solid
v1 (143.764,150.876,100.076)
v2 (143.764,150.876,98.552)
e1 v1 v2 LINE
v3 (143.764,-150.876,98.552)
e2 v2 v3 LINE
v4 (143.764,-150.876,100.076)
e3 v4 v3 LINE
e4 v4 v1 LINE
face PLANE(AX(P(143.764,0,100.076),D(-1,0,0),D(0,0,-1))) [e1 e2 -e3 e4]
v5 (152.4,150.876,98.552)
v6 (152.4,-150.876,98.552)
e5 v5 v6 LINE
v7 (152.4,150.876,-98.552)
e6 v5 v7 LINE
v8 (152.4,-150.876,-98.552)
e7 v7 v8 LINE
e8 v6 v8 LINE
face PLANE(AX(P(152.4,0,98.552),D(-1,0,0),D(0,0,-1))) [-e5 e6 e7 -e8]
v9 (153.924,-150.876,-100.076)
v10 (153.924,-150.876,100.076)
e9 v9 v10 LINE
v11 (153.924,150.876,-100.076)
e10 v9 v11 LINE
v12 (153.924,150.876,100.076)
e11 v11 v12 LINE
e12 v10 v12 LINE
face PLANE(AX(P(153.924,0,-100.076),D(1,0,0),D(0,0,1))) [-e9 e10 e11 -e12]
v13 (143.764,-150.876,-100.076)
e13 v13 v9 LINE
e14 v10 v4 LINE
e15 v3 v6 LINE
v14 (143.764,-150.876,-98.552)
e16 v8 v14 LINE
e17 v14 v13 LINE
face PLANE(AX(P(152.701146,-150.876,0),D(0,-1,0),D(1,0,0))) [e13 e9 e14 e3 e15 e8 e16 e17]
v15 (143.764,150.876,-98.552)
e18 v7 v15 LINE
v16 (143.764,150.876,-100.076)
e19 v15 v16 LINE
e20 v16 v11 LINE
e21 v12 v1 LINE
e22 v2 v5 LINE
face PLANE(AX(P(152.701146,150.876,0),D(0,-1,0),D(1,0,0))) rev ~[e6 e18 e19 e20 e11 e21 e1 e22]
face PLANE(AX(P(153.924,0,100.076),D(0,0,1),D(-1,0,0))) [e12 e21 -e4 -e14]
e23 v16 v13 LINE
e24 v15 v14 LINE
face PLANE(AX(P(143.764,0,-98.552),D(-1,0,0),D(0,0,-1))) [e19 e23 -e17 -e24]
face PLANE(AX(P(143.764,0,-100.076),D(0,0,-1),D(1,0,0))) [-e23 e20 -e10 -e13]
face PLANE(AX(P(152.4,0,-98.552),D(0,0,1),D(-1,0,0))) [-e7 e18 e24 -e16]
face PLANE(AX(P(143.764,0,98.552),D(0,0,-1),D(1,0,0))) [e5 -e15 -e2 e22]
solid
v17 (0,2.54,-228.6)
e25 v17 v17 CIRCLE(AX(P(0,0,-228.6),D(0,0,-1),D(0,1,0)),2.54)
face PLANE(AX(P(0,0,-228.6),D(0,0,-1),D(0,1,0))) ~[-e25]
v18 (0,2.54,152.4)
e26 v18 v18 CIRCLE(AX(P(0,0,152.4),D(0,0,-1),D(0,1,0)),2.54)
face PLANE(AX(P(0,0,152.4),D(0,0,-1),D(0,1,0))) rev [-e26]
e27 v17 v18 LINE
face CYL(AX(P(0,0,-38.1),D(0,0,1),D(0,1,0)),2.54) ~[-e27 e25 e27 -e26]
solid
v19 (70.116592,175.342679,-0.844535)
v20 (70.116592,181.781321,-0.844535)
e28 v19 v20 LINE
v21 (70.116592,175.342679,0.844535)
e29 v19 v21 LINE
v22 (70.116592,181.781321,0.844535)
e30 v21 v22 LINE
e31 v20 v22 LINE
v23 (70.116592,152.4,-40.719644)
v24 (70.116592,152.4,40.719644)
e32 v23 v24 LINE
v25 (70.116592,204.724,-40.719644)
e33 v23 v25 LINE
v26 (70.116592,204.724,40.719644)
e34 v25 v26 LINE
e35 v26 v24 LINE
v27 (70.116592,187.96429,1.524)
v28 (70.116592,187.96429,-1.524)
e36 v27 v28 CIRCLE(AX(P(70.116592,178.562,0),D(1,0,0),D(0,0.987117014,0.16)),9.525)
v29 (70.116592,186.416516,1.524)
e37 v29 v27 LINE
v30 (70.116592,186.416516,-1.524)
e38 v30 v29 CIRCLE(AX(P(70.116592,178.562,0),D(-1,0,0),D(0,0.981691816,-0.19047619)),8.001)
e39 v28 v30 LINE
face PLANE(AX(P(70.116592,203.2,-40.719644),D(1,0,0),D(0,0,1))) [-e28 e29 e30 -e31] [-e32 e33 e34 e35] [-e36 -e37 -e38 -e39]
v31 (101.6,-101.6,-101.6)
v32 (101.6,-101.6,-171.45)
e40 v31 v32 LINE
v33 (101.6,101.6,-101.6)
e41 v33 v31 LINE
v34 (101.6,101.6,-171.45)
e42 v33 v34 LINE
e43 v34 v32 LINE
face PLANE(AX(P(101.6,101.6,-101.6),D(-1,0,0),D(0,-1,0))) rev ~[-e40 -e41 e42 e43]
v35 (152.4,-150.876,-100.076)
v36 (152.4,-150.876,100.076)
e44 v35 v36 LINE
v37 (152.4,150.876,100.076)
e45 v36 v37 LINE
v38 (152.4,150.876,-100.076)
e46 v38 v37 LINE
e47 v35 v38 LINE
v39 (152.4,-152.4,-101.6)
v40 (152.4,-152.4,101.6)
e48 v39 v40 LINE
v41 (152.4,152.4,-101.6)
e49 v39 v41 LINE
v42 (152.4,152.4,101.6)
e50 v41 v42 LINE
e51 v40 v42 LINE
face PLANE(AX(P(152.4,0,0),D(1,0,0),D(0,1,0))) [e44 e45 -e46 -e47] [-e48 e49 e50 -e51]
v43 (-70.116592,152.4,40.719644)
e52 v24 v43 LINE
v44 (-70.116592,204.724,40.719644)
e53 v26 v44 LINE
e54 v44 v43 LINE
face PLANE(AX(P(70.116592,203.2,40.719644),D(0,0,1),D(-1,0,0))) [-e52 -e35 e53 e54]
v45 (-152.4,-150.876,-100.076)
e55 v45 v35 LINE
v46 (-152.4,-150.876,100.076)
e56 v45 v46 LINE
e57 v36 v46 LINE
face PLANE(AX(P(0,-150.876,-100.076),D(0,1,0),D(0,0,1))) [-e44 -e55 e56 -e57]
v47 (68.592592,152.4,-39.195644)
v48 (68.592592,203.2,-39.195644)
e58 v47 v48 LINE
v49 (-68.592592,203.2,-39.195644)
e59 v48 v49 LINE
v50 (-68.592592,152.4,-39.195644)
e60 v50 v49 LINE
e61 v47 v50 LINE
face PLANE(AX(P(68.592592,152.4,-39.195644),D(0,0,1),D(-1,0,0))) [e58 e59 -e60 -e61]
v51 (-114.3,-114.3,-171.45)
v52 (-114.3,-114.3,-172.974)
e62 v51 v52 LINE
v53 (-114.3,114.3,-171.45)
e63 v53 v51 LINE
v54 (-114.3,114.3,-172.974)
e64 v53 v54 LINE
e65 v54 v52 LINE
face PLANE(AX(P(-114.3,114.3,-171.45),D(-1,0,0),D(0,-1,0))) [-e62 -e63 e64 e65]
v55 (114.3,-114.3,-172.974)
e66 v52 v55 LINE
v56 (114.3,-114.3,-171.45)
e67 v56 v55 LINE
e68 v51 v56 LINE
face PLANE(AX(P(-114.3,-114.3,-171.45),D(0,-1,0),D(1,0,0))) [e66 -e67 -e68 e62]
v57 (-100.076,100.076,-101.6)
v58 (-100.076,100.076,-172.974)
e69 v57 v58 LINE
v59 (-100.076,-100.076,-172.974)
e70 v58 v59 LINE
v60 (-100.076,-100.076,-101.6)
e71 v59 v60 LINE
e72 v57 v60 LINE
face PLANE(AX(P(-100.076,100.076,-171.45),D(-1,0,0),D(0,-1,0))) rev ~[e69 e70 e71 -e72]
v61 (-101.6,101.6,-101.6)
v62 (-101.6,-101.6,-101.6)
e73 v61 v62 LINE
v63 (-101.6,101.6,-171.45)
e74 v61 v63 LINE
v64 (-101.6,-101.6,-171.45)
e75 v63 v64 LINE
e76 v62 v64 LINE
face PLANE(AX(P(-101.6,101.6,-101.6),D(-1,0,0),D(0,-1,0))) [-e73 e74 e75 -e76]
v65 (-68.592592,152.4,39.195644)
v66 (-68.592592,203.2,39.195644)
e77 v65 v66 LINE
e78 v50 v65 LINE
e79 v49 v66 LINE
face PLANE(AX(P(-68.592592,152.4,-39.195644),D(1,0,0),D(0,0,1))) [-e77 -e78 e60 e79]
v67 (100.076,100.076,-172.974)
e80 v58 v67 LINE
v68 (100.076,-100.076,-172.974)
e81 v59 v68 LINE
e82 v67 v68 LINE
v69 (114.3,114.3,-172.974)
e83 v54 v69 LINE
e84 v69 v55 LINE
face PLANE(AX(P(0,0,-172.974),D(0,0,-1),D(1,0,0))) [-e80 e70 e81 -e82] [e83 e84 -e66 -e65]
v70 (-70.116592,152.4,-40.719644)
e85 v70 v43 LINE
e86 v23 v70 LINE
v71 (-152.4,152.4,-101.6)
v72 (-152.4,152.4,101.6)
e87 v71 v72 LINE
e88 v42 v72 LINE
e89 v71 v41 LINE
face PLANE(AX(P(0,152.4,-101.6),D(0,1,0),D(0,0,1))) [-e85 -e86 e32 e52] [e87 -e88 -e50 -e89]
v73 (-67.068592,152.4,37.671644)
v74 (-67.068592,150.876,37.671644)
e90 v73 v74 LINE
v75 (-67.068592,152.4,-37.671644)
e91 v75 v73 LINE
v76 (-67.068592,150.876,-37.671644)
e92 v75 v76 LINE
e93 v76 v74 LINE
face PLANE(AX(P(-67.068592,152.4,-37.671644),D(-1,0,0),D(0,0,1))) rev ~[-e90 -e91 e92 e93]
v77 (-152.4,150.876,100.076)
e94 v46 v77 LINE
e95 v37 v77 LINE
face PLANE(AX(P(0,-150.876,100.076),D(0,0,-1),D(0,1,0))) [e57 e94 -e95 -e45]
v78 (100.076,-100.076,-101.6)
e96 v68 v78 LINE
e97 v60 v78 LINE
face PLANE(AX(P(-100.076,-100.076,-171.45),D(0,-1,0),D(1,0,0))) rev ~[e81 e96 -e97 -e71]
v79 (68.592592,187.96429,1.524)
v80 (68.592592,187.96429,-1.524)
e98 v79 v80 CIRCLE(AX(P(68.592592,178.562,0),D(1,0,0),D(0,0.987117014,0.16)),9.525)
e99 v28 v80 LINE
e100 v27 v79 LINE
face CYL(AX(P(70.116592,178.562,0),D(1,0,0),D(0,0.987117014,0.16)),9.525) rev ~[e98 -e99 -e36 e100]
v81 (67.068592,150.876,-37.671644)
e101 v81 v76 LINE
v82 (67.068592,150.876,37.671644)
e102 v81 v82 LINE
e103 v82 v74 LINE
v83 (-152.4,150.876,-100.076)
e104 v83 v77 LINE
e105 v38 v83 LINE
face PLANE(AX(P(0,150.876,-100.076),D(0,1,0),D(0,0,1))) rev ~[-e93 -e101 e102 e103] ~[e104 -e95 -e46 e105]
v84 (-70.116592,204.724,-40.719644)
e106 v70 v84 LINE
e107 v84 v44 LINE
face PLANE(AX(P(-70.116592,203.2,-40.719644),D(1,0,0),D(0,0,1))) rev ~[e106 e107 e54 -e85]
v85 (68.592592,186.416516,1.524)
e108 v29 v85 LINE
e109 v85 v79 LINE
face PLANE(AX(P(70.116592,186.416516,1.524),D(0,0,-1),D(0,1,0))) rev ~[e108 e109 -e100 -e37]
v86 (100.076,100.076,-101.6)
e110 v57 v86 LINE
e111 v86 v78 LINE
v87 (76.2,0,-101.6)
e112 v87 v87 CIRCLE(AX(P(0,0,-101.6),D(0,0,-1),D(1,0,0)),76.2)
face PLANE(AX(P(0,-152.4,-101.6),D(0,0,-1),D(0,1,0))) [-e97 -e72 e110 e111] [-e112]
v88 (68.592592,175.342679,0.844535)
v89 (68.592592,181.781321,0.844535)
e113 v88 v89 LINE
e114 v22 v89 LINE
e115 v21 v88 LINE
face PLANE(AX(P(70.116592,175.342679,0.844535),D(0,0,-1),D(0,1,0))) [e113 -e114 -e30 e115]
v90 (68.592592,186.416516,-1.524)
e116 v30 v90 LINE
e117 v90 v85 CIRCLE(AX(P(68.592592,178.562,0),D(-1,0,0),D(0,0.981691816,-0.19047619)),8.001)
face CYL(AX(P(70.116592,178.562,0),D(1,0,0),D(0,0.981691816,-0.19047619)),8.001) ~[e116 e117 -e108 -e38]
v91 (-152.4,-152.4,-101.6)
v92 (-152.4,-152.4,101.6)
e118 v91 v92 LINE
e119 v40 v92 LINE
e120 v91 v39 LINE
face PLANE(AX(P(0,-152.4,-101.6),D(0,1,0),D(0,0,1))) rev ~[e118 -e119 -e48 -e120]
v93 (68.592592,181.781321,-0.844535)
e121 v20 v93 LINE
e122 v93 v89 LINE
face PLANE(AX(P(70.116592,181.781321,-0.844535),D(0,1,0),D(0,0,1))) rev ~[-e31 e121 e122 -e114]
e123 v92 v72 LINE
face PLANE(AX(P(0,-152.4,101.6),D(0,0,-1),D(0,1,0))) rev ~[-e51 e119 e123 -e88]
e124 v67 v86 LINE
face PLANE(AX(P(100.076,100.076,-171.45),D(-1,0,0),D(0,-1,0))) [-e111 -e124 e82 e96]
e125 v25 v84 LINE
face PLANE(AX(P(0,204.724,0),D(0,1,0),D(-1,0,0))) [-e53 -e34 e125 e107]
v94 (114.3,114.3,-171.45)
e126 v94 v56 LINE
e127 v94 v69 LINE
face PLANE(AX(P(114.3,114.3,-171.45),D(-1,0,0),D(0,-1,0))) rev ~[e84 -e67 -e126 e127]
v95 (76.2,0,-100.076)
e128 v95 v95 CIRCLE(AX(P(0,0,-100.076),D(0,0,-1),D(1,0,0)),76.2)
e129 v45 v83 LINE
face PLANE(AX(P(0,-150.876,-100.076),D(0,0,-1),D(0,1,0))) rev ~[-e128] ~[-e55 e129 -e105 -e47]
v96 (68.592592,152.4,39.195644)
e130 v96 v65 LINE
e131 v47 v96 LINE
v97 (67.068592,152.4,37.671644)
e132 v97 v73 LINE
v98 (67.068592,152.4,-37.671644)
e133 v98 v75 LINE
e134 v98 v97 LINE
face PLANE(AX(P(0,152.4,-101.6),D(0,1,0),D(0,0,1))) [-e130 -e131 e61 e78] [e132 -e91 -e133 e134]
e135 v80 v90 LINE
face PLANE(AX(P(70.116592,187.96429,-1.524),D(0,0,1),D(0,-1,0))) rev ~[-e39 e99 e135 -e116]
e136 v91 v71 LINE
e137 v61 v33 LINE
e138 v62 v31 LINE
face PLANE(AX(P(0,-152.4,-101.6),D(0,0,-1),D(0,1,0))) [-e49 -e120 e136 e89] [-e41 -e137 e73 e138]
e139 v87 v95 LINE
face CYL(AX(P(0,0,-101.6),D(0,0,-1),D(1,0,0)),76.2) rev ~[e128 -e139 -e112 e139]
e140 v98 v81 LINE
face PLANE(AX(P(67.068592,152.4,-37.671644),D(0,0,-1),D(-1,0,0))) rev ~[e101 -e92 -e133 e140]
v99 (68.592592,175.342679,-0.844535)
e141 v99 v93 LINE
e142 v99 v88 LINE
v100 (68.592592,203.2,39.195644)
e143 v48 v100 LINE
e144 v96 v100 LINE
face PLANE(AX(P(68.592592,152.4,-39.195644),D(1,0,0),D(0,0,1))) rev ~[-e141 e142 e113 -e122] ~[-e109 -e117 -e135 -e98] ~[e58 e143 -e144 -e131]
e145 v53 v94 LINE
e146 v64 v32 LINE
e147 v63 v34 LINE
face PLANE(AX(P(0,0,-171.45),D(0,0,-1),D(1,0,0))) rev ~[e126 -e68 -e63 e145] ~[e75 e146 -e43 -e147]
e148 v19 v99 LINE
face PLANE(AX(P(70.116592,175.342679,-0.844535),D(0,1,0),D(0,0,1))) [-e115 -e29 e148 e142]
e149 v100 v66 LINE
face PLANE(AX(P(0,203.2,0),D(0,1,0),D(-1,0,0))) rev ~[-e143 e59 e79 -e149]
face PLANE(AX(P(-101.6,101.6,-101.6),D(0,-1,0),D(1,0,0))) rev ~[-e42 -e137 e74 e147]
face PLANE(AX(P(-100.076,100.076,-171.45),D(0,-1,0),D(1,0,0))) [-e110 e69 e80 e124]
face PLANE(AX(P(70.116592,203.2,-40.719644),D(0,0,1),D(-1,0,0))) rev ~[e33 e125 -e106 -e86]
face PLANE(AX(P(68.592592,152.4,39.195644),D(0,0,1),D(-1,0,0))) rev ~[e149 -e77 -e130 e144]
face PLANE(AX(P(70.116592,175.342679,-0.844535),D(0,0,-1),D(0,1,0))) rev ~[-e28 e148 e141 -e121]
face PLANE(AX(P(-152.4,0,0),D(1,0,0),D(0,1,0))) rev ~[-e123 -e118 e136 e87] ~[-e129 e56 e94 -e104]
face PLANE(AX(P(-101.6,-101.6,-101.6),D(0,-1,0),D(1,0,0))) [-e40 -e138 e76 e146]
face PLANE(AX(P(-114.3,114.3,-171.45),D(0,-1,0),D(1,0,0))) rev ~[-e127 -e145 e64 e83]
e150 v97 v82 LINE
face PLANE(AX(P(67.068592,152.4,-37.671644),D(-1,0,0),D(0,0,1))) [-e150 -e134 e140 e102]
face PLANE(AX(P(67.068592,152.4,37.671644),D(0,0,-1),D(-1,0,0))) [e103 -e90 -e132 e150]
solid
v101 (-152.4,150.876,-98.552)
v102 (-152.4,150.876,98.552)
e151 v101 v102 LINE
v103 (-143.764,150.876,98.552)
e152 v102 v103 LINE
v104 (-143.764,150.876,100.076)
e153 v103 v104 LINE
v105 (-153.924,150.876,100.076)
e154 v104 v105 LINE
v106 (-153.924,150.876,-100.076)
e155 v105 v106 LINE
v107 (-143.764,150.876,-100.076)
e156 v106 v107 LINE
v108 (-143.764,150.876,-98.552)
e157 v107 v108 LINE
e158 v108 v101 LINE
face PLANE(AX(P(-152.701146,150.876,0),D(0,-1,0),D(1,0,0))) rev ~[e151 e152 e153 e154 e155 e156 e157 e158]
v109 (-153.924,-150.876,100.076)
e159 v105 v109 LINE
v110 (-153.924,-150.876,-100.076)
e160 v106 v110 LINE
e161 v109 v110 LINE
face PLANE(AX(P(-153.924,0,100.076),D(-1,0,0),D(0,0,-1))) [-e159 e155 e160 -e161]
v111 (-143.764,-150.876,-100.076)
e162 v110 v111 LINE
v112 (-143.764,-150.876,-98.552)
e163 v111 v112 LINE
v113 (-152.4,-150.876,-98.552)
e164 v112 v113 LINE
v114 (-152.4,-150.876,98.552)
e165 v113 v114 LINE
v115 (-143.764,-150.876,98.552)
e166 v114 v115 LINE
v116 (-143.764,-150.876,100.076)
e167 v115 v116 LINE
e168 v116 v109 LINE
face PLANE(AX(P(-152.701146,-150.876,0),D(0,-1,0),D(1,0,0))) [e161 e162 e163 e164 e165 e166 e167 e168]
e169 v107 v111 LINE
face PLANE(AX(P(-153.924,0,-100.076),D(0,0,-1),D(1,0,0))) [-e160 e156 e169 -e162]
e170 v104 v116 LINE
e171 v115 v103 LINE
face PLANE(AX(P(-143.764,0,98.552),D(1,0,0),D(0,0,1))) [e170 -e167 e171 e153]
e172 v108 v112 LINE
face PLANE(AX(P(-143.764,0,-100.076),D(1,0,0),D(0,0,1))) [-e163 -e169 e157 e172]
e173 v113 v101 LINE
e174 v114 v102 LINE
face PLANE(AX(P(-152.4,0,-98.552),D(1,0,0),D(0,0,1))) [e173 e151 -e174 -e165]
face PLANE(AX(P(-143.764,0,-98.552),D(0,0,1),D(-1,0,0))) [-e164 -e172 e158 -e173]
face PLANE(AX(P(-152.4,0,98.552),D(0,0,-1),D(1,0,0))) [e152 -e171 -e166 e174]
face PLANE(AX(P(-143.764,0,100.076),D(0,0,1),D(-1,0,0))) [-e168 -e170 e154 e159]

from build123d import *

# Parameters (mm, degrees)
F0_W      = 304.8
F0_H      = 203.2
F0_W_2    = 301.752
F0_H_2    = 200.152
F1_DEPTH  = 152.4
F3_DEPTH  = 150.876
F4_R      = 76.2
F5_DEPTH  = 1.524
F6_W      = 203.2
F6_H      = 203.2
F6_W_2    = 200.152
F6_H_2    = 200.152
F7_DEPTH  = 69.85
F8_W      = 228.6
F8_H      = 228.6
F8_W_2    = 200.152
F8_H_2    = 200.152
F9_DEPTH  = 1.524
F10_W     = 134.1371834278
F10_H     = 75.3432884812
F11_DEPTH = 1.524
F12_W     = 140.2331834278
F12_H     = 81.4392884812
F12_W_2   = 137.1851834278
F12_H_2   = 78.3912884812
F13_DEPTH = 50.8
F14_W     = 140.2331834278
F14_H     = 81.4392884812
F15_DEPTH = 1.524
F16_W     = 6.4386419525
F16_H     = 1.6890700208
F17_DEPTH = 1.524
F18_W     = 2.54
F18_H     = 381


with BuildPart() as f1:
    # F0 (on Right) → F1 (new body, symmetric)
    with BuildSketch(Plane.YZ):
        Rectangle(F0_W, F0_H)
        Rectangle(F0_W_2, F0_H_2, mode=Mode.SUBTRACT)
    extrude(amount=F1_DEPTH, both=True)

    # F4 (on face) → F5 (cut, through all)
    with BuildSketch(Plane(origin=(0, 0, -101.6), x_dir=(1, 0, 0), z_dir=(0, 0, -1))):
        Circle(F4_R)
    extrude(amount=-F5_DEPTH, mode=Mode.SUBTRACT)

    # F6 (on face) → F7 (join)
    with BuildSketch(Plane(origin=(0, 0, -101.6), x_dir=(1, 0, 0), z_dir=(0, 0, -1))):
        Rectangle(F6_W, F6_H)
        Rectangle(F6_W_2, F6_H_2, mode=Mode.SUBTRACT)
    extrude(amount=F7_DEPTH)

    # F8 (on face) → F9 (join)
    with BuildSketch(Plane(origin=(0, 0, -171.45), x_dir=(1, 0, 0), z_dir=(0, 0, -1))):
        Rectangle(F8_W, F8_H)
        Rectangle(F8_W_2, F8_H_2, mode=Mode.SUBTRACT)
    extrude(amount=F9_DEPTH)

    # F10 (on face) → F11 (cut, through all)
    with BuildSketch(Plane(origin=(0, 152.4, 0), x_dir=(-1, 0, 0), z_dir=(0, 1, 0))):
        Rectangle(F10_W, F10_H)
    extrude(amount=-F11_DEPTH, mode=Mode.SUBTRACT)

    # F12 (on face) → F13 (join)
    with BuildSketch(Plane(origin=(0, 152.4, 0), x_dir=(-1, 0, 0), z_dir=(0, 1, 0))):
        Rectangle(F12_W, F12_H)
        Rectangle(F12_W_2, F12_H_2, mode=Mode.SUBTRACT)
    extrude(amount=F13_DEPTH)

    # F14 (on face) → F15 (join)
    with BuildSketch(Plane(origin=(0, 203.2, 0), x_dir=(-1, 0, 0), z_dir=(0, 1, 0))):
        Rectangle(F14_W, F14_H)
    extrude(amount=F15_DEPTH)

    # F16 (on face) → F17 (cut, through all)
    with BuildSketch(Plane.YZ.offset(70.1165917139)):
        with BuildLine():
            Line((186.4165162168, 1.524), (187.9642895616, 1.524))
            ThreePointArc((187.9642895616, 1.524), (169.037, 0), (187.9642895616, -1.524))
            Line((187.9642895616, -1.524), (186.4165162168, -1.524))
            ThreePointArc((186.4165162168, -1.524), (170.561, 0), (186.4165162168, 1.524))
        make_face()
        with Locations((178.562, 0)):
            Rectangle(F16_W, F16_H)
    extrude(amount=-F17_DEPTH, mode=Mode.SUBTRACT)


with BuildPart() as f3:
    # F2 (on Front) → F3 (new body, symmetric)
    with BuildSketch(Plane.XZ):
        Polygon((-143.764, 98.552), (-143.764, 100.076), (-153.924, 100.076), (-153.924, -100.076), (-143.764, -100.076), (-143.764, -98.552), (-152.4, -98.552), (-152.4, 98.552), align=None)
    extrude(amount=F3_DEPTH, both=True)


with BuildPart() as f3b:
    # F2 (on Front) → F3, piece 2 (new body, symmetric)
    with BuildSketch(Plane.XZ):
        Polygon((143.764, 100.076), (143.764, 98.552), (152.4, 98.552), (152.4, -98.552), (143.764, -98.552), (143.764, -100.076), (153.924, -100.076), (153.924, 100.076), align=None)
    extrude(amount=F3_DEPTH, both=True)


with BuildPart() as f19:
    # F18 (on Right) → F19 (revolve)
    with BuildSketch(Plane.YZ):
        with Locations((1.27, -38.1)):
            Rectangle(F18_W, F18_H)
    revolve(axis=Axis((0, 0, -38.1), (0, 0, -1)))


solid = Compound([f1.part, f3.part, f3b.part, f19.part])
